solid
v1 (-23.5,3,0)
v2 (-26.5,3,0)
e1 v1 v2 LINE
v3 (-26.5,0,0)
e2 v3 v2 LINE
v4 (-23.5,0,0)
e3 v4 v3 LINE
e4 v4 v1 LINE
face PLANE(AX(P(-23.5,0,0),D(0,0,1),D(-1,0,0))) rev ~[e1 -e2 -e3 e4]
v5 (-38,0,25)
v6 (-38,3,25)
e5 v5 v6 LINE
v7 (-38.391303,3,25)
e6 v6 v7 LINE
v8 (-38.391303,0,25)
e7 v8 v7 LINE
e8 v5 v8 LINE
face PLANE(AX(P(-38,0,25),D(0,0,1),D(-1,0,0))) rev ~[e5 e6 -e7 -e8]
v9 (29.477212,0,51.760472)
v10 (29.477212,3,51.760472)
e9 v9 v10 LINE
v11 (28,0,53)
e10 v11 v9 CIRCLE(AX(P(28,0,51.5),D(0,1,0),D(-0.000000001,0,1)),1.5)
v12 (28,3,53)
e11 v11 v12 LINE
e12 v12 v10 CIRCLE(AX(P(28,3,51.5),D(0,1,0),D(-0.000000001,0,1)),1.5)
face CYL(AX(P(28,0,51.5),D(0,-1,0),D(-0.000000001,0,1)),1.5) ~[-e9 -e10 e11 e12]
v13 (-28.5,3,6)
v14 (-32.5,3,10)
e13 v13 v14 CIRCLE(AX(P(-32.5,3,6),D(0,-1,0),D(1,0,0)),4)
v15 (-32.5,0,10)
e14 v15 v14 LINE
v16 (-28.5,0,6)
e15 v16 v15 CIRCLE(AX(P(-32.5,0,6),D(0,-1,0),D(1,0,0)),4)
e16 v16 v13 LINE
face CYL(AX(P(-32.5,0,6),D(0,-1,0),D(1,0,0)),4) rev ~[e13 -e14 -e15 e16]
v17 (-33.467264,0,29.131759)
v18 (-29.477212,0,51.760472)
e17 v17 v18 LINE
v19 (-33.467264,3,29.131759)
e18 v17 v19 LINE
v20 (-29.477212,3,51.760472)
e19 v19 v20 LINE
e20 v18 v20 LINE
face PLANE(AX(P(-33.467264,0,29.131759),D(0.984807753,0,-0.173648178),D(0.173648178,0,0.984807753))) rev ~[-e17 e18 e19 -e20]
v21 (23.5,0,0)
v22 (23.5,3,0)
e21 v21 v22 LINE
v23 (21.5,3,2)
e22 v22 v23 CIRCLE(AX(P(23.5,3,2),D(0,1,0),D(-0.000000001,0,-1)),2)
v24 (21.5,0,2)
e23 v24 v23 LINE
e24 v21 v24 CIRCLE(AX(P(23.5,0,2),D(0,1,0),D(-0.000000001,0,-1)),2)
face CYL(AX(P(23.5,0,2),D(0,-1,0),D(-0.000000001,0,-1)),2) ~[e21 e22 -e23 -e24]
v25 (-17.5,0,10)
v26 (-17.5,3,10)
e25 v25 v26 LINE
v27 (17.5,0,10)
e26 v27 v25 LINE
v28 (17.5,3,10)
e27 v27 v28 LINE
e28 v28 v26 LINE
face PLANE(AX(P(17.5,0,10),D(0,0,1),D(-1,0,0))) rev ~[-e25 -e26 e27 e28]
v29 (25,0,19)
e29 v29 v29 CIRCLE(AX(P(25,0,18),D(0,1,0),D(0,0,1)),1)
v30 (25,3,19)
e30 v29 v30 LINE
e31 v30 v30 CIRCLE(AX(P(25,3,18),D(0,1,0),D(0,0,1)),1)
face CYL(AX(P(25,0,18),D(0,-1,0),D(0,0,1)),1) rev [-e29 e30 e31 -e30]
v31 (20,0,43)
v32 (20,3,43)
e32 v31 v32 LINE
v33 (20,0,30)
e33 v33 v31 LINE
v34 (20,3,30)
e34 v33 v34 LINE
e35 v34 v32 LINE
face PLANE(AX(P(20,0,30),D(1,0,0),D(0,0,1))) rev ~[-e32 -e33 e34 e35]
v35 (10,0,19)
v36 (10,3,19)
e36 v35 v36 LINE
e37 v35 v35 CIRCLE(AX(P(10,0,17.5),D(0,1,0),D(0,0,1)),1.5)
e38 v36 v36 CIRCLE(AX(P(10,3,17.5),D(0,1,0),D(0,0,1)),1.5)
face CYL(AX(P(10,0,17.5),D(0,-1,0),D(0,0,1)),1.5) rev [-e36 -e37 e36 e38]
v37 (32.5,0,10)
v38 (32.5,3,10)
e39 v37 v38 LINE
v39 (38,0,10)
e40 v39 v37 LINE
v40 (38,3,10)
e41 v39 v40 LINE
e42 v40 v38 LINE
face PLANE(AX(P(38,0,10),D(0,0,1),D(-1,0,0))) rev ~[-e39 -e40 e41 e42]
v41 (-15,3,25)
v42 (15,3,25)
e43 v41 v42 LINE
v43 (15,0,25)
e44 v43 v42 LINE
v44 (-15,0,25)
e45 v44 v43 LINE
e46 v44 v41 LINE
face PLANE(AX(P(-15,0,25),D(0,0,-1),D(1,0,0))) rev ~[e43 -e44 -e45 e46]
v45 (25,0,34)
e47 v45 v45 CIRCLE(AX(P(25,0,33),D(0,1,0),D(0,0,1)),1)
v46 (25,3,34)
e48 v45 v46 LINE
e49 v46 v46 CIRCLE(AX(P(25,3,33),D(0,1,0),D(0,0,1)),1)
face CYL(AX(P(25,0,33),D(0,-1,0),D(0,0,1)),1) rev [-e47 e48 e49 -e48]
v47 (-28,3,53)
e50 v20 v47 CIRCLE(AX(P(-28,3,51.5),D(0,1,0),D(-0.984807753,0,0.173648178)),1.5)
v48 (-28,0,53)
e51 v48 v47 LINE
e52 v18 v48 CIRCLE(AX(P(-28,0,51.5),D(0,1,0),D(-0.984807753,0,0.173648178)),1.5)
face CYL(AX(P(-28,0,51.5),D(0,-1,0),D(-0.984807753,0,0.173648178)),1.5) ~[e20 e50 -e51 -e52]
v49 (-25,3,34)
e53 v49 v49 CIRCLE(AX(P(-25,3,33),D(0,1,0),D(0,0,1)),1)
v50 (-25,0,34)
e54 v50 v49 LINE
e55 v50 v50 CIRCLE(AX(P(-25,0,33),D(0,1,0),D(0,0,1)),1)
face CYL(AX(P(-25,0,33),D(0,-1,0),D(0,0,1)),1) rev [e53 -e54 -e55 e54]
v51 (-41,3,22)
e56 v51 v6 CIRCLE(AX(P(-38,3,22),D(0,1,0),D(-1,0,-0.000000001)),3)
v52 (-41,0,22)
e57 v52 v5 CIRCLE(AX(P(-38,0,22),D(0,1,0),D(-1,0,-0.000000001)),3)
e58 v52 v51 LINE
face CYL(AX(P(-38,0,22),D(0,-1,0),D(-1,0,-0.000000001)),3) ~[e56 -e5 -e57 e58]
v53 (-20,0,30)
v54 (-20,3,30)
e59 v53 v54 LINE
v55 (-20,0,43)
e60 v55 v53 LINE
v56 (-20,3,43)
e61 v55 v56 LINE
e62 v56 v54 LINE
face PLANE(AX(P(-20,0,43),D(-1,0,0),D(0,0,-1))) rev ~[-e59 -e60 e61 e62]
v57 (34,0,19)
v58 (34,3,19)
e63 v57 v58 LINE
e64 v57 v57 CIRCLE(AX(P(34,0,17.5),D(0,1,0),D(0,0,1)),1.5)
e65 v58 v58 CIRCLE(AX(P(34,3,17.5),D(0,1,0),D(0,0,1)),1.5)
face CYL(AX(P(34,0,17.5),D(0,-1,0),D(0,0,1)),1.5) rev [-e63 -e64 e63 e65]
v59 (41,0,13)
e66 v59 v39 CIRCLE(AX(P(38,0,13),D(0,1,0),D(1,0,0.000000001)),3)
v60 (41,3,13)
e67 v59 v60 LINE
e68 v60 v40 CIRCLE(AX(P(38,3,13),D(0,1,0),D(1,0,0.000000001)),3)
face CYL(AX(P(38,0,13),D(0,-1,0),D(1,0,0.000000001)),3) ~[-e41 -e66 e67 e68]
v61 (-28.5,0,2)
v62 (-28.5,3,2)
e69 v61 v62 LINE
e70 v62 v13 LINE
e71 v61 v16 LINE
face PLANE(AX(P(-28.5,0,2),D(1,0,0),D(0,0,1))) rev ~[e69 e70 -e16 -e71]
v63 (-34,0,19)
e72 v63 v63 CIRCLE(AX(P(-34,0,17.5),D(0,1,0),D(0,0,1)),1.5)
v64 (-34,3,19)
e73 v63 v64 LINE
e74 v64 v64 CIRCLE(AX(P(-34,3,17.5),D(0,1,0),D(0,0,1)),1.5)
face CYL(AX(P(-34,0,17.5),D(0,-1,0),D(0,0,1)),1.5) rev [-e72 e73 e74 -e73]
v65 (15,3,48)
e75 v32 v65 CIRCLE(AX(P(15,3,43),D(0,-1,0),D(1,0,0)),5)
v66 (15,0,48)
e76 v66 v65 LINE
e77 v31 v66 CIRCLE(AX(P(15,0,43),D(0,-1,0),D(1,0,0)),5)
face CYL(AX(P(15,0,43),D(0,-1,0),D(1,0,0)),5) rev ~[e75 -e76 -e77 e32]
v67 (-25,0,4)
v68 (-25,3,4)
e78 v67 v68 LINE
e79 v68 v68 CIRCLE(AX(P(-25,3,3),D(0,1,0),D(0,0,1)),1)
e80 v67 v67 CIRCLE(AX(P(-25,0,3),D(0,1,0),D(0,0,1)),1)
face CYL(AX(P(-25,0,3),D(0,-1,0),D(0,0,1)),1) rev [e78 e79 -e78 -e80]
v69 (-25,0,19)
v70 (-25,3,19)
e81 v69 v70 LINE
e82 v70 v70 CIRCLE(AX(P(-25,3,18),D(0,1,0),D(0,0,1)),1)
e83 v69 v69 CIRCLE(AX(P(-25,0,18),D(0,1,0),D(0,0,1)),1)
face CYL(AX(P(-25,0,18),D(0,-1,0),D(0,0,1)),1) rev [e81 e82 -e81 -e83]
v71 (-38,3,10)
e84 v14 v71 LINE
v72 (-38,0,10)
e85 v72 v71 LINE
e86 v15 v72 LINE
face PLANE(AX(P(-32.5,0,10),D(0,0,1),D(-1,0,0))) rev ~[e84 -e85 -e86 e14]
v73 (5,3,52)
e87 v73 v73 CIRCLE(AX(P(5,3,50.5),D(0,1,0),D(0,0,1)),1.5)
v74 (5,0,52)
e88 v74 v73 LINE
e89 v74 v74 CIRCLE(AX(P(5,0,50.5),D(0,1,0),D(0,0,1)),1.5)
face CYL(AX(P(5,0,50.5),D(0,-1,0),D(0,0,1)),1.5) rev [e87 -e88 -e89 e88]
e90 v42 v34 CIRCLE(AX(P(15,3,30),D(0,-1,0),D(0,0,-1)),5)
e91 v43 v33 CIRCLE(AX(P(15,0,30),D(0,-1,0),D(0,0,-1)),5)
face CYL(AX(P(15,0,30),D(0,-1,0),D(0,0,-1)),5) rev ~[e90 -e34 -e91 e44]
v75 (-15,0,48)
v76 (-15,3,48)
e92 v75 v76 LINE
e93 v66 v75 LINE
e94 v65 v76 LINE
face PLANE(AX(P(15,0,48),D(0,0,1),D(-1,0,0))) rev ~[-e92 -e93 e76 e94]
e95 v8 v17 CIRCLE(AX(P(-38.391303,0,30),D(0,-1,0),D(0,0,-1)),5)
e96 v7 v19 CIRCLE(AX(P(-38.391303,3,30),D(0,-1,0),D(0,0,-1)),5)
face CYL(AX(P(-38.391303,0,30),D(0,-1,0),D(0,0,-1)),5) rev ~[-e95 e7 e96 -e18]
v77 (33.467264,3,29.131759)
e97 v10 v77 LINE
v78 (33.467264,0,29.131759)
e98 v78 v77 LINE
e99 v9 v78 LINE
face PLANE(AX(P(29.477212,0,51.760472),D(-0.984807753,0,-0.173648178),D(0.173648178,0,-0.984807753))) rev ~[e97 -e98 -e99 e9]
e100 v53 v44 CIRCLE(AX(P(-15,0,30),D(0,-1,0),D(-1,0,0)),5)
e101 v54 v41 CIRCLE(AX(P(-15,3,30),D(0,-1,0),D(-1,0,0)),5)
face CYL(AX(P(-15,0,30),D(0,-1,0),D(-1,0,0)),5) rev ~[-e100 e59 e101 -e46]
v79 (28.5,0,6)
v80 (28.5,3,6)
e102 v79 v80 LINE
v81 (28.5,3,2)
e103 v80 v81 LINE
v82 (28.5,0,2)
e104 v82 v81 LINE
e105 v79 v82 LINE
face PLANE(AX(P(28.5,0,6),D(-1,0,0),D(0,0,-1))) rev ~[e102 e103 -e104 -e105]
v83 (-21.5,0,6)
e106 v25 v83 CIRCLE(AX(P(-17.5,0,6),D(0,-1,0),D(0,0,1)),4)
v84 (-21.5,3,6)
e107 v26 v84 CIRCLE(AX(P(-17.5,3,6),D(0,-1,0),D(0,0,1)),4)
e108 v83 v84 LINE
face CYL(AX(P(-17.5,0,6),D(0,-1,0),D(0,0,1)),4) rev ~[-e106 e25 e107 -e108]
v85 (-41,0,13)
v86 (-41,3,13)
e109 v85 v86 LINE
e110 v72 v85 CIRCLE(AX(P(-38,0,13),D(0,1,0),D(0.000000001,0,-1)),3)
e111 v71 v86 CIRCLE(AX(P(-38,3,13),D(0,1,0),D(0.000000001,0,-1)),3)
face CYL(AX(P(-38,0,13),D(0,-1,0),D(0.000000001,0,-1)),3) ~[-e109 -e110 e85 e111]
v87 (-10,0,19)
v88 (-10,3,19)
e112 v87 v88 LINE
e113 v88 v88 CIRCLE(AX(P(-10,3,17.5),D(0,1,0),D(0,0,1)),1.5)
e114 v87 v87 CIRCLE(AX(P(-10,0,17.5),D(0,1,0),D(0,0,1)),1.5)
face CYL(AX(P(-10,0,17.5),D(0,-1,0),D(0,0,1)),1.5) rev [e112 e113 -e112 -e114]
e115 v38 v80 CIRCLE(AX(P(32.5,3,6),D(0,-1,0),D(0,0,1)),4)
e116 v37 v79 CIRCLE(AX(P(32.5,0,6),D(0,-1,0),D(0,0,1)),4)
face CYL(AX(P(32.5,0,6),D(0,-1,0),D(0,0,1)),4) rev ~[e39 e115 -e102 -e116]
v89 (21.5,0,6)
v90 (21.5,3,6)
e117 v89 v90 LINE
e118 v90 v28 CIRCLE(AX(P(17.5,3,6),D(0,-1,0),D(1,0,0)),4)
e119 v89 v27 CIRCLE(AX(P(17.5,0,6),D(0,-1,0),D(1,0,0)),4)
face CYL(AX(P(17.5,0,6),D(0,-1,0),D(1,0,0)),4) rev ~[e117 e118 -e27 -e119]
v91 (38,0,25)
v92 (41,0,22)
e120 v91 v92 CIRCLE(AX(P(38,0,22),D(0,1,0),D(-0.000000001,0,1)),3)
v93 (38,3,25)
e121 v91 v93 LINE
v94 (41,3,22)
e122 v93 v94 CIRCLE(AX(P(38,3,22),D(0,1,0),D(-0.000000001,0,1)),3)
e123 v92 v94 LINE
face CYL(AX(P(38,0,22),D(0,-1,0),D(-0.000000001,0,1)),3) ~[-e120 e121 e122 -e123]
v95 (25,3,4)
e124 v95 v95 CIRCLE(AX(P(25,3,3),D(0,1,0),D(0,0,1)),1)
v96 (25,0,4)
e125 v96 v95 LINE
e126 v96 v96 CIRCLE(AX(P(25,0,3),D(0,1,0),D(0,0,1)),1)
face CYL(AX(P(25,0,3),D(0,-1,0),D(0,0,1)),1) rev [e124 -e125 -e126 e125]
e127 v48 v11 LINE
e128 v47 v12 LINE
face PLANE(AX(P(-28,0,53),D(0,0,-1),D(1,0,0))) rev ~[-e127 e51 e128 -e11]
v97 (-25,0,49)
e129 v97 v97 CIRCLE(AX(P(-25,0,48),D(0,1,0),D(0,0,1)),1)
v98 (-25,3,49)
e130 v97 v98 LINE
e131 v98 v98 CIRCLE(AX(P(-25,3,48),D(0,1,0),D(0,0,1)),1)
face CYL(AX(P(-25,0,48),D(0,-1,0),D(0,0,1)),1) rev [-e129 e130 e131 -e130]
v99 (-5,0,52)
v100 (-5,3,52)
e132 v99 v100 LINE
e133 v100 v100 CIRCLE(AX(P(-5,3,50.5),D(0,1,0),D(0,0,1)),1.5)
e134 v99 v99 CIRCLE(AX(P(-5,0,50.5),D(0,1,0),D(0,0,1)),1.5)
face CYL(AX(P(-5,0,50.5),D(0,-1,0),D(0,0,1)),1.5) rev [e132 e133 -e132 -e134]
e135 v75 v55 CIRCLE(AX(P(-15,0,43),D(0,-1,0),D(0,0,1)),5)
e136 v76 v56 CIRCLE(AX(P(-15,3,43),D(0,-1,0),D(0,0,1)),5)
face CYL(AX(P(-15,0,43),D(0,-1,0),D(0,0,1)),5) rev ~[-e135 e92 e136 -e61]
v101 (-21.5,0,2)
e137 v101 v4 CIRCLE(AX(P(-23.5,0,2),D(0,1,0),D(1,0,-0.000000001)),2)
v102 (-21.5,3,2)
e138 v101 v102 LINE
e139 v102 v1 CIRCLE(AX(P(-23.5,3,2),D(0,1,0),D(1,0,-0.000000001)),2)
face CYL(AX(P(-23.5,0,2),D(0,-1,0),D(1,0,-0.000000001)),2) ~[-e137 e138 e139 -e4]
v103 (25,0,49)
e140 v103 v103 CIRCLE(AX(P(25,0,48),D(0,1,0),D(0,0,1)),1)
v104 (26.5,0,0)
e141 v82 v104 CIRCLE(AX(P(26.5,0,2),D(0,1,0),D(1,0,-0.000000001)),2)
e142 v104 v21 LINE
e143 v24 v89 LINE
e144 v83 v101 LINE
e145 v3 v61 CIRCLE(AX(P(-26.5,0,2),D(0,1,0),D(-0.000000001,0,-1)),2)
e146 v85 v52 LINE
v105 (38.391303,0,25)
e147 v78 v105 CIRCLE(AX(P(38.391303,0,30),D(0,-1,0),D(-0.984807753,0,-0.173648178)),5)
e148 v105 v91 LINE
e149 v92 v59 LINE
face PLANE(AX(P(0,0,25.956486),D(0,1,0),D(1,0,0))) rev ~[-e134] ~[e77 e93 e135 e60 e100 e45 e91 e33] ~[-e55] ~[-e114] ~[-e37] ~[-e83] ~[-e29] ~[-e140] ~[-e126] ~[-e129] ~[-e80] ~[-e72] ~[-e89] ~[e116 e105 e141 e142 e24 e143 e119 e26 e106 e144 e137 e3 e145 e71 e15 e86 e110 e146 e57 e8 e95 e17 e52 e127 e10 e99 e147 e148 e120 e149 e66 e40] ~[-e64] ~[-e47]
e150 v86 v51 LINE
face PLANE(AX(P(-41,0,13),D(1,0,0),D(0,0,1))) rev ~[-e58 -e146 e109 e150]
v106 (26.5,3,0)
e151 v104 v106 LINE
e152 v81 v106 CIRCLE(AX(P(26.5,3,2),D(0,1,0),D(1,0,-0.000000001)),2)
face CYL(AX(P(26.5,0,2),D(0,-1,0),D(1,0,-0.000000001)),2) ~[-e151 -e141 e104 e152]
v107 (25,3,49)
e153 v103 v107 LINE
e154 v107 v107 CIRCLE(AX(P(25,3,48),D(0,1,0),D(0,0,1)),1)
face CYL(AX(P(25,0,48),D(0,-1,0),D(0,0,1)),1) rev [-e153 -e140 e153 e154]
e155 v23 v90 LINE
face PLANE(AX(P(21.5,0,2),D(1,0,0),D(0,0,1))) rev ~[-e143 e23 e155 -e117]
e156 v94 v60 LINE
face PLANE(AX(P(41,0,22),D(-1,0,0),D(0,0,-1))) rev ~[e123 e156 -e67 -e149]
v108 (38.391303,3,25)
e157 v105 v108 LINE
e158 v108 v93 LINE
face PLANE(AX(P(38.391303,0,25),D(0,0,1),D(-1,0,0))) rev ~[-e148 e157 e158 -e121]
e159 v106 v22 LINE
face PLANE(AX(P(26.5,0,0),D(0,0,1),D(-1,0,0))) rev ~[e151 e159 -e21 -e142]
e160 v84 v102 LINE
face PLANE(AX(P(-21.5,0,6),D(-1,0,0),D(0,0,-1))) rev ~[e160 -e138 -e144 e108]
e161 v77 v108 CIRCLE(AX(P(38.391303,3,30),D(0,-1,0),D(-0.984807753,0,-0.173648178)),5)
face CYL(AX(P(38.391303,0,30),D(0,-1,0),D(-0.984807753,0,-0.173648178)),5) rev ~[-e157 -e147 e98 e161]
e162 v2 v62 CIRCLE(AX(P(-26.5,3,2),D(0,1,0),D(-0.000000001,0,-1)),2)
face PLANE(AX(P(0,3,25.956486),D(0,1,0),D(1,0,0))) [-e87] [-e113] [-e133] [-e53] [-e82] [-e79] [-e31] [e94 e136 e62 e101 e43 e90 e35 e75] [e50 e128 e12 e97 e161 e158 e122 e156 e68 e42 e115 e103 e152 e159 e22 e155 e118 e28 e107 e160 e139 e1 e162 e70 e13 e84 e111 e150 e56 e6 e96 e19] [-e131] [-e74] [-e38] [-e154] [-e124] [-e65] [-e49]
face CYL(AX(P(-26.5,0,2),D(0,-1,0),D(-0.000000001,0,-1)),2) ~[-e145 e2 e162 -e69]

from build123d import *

# Parameters (mm, degrees)
SKETCH_1_R      = 1
SKETCH_1_R_2    = 1.5
EXTRUDE_1_DEPTH = 3


with BuildPart() as part:
    # 草图1 → 凸台-拉伸1 (new body)
    with BuildSketch(Plane(origin=(0, 0, 0), x_dir=(1, 0, 0), z_dir=(0, 1, 0))):
        with BuildLine():
            Line((-28.5, -2), (-28.5, -6))
            ThreePointArc((-28.5, -6), (-29.671572875, -8.828427125), (-32.5, -10))
            Line((-32.5, -10), (-38, -10))
            ThreePointArc((-38, -10), (-40.121320344, -10.878679656), (-41, -13))
            Line((-41, -13), (-41, -22))
            ThreePointArc((-41, -22), (-40.121320344, -24.121320344), (-38, -25))
            Line((-38, -25), (-38.391303062, -25))
            ThreePointArc((-38.391303062, -25), (-35.177365014, -26.169777784), (-33.467264297, -29.131759112))
            Line((-33.467264297, -29.131759112), (-29.47721163, -51.760472267))
            ThreePointArc((-29.47721163, -51.760472267), (-28.964181415, -52.649066665), (-28, -53))
            Line((-28, -53), (-22, -53))
            Line((-22, -53), (22, -53))
            Line((22, -53), (28, -53))
            ThreePointArc((28, -53), (28.964181415, -52.649066665), (29.47721163, -51.760472267))
            Line((29.47721163, -51.760472267), (33.467264297, -29.131759112))
            ThreePointArc((33.467264297, -29.131759112), (35.177365014, -26.169777784), (38.391303062, -25))
            Line((38.391303062, -25), (38, -25))
            ThreePointArc((38, -25), (40.121320344, -24.121320344), (41, -22))
            Line((41, -22), (41, -13))
            ThreePointArc((41, -13), (40.121320344, -10.878679656), (38, -10))
            Line((38, -10), (32.5, -10))
            ThreePointArc((32.5, -10), (29.671572875, -8.828427125), (28.5, -6))
            Line((28.5, -6), (28.5, -2))
            ThreePointArc((28.5, -2), (27.914213562, -0.585786438), (26.5, 0))
            Line((26.5, 0), (23.5, 0))
            ThreePointArc((23.5, 0), (22.085786438, -0.585786438), (21.5, -2))
            Line((21.5, -2), (21.5, -6))
            ThreePointArc((21.5, -6), (20.328427125, -8.828427125), (17.5, -10))
            Line((17.5, -10), (-17.5, -10))
            ThreePointArc((-17.5, -10), (-20.328427125, -8.828427125), (-21.5, -6))
            Line((-21.5, -6), (-21.5, -2))
            ThreePointArc((-21.5, -2), (-22.085786438, -0.585786438), (-23.5, 0))
            Line((-23.5, 0), (-26.5, 0))
            ThreePointArc((-26.5, 0), (-27.914213562, -0.585786438), (-28.5, -2))
        make_face()
        with Locations(Location((-25, -48, 0), (0, 0, 270))):
            Circle(SKETCH_1_R, mode=Mode.SUBTRACT)
        with Locations(Location((-25, -33, 0), (0, 0, 270))):
            Circle(SKETCH_1_R, mode=Mode.SUBTRACT)
        with Locations(Location((-25, -18, 0), (0, 0, 270))):
            Circle(SKETCH_1_R, mode=Mode.SUBTRACT)
        with Locations(Location((-34, -17.5, 0), (0, 0, 270))):
            Circle(SKETCH_1_R_2, mode=Mode.SUBTRACT)
        with Locations(Location((-10, -17.5, 0), (0, 0, 270))):
            Circle(SKETCH_1_R_2, mode=Mode.SUBTRACT)
        with Locations(Location((10, -17.5, 0), (0, 0, 270))):
            Circle(SKETCH_1_R_2, mode=Mode.SUBTRACT)
        with Locations(Location((34, -17.5, 0), (0, 0, 270))):
            Circle(SKETCH_1_R_2, mode=Mode.SUBTRACT)
        with Locations(Location((25, -18, 0), (0, 0, 270))):
            Circle(SKETCH_1_R, mode=Mode.SUBTRACT)
        with Locations(Location((25, -33, 0), (0, 0, 270))):
            Circle(SKETCH_1_R, mode=Mode.SUBTRACT)
        with Locations(Location((25, -48, 0), (0, 0, 270))):
            Circle(SKETCH_1_R, mode=Mode.SUBTRACT)
        with Locations(Location((-25, -3, 0), (0, 0, 270))):
            Circle(SKETCH_1_R, mode=Mode.SUBTRACT)
        with Locations(Location((25, -3, 0), (0, 0, 270))):
            Circle(SKETCH_1_R, mode=Mode.SUBTRACT)
        with Locations(Location((5, -50.5, 0), (0, 0, 270))):
            Circle(SKETCH_1_R_2, mode=Mode.SUBTRACT)
        with Locations(Location((-5, -50.5, 0), (0, 0, 270))):
            Circle(SKETCH_1_R_2, mode=Mode.SUBTRACT)
        with BuildLine():
            Line((-20, -43), (-20, -30))
            ThreePointArc((-20, -30), (-18.535533906, -26.464466094), (-15, -25))
            Line((-15, -25), (15, -25))
            ThreePointArc((15, -25), (18.535533906, -26.464466094), (20, -30))
            Line((20, -30), (20, -43))
            ThreePointArc((20, -43), (18.535533906, -46.535533906), (15, -48))
            Line((15, -48), (-15, -48))
            ThreePointArc((-15, -48), (-18.535533906, -46.535533906), (-20, -43))
        make_face(mode=Mode.SUBTRACT)
    extrude(amount=EXTRUDE_1_DEPTH)


solid = part.part
